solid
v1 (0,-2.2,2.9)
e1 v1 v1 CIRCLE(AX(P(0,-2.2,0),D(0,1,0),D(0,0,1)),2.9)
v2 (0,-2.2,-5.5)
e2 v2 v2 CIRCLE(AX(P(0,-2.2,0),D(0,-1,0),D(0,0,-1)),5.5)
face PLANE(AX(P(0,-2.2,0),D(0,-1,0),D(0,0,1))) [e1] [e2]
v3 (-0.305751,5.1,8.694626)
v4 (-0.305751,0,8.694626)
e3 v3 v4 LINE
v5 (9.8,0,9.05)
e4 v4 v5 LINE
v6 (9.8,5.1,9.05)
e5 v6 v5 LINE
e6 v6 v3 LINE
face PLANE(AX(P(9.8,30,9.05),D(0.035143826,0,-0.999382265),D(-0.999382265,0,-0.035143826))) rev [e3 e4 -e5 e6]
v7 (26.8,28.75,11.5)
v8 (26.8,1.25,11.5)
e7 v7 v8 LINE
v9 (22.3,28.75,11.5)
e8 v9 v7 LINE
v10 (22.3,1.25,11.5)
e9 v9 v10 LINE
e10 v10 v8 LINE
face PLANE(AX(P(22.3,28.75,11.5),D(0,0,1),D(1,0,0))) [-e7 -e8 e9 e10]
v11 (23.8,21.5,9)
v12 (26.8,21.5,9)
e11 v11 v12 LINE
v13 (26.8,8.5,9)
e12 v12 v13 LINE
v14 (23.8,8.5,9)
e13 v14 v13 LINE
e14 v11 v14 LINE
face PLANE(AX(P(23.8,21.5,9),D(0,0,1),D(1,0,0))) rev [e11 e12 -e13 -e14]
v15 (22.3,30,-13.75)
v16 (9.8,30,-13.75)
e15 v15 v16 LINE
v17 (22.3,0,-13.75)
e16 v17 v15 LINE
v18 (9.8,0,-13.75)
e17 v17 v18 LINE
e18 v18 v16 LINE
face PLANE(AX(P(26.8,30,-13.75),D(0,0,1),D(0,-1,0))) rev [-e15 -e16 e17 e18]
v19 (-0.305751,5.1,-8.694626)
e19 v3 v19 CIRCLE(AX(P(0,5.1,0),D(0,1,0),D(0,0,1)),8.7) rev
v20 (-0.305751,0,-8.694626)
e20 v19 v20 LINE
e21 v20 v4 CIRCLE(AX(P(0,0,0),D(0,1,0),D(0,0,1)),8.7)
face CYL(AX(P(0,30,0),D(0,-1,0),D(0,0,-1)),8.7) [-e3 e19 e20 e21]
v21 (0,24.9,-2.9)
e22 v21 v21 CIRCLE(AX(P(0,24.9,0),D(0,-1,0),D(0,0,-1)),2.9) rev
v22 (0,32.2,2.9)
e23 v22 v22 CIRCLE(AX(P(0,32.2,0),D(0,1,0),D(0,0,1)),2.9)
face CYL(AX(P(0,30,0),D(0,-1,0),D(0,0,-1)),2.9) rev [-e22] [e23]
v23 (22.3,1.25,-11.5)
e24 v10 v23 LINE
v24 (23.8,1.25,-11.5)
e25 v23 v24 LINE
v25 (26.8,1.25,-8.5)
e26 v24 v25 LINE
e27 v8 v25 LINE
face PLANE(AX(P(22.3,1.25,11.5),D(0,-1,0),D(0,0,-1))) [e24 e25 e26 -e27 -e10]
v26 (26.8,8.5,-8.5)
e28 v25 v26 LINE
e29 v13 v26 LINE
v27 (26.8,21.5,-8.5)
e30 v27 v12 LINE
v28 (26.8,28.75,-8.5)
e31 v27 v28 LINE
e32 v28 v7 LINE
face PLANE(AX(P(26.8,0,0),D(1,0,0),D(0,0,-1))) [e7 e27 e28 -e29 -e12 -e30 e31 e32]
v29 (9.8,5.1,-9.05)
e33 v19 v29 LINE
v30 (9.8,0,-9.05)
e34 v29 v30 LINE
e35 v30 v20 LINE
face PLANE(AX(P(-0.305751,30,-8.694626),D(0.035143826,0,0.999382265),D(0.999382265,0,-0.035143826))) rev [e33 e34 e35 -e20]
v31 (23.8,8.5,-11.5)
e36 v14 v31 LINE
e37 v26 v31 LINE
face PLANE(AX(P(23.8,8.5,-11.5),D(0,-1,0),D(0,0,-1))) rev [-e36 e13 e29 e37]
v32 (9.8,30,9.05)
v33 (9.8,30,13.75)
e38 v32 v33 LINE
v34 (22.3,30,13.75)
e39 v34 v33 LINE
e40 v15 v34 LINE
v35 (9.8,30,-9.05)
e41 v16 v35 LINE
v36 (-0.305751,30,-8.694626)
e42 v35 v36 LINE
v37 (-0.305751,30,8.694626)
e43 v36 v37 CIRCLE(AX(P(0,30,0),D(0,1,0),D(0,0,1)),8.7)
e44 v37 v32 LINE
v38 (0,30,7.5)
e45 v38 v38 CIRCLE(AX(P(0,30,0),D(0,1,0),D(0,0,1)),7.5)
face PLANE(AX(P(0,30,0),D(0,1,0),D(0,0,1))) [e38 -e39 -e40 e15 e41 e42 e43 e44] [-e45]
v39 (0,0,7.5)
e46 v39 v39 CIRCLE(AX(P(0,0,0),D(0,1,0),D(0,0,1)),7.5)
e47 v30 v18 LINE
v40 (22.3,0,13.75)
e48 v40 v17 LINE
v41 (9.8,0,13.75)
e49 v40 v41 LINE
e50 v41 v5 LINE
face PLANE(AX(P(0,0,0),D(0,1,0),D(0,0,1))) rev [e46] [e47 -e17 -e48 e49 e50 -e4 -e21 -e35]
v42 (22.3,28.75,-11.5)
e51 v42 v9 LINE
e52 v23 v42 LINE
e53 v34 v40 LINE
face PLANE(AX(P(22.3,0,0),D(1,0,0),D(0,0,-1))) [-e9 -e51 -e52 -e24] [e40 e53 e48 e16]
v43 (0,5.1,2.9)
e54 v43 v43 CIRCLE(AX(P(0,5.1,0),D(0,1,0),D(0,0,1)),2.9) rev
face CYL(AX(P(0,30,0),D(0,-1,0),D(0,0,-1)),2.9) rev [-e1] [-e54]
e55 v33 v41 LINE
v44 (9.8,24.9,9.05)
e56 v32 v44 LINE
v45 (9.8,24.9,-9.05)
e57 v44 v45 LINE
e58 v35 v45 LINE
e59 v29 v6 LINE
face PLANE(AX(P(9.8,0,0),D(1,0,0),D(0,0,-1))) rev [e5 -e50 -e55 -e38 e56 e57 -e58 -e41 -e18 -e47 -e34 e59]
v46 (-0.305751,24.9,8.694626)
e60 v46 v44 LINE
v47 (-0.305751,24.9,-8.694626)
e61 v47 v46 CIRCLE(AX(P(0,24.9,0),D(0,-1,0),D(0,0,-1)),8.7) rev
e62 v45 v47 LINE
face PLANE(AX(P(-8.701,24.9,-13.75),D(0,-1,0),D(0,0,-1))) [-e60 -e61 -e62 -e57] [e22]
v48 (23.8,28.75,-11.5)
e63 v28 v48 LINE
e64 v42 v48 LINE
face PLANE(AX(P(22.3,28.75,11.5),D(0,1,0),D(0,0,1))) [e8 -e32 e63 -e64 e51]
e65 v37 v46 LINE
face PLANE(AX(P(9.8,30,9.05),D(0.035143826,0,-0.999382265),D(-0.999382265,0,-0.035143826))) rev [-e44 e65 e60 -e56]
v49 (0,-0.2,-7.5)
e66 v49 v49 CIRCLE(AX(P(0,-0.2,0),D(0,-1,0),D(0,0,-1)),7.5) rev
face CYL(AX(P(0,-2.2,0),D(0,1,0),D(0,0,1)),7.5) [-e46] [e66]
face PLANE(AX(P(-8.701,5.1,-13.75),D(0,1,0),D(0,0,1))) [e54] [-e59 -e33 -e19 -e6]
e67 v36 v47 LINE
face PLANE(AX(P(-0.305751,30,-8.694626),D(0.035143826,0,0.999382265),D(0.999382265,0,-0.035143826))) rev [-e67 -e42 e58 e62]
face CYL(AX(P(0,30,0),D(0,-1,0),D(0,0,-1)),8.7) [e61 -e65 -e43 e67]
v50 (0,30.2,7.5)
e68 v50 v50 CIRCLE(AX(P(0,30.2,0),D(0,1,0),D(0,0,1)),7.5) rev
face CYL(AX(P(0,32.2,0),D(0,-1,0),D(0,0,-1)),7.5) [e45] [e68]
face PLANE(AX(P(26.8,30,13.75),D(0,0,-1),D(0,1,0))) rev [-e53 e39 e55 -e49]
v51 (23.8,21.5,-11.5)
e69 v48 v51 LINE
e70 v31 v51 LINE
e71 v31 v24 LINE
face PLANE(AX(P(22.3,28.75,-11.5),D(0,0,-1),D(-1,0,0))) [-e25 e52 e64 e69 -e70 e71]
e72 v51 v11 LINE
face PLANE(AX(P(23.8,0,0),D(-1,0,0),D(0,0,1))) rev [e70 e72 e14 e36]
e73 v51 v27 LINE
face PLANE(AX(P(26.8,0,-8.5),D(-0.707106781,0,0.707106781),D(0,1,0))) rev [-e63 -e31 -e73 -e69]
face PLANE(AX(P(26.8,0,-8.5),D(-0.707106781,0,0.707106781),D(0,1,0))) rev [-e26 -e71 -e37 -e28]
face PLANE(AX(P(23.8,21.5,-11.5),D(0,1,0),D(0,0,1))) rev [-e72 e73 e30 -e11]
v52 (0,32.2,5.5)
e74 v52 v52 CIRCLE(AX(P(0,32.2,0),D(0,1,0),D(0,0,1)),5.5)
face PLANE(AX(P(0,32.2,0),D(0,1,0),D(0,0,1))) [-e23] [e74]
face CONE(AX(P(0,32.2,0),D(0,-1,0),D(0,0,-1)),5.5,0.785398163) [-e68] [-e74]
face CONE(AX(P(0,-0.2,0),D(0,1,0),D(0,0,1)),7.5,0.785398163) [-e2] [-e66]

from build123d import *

# Parameters (mm, degrees)
SKETCH_1_R                 = 2.9
EXTRUDE_1_DEPTH            = 30
SKETCH_2_W                 = 27.5
SKETCH_2_H                 = 30
EXTRUDE_2_DEPTH            = 17
CUT_EXTRUDE_1_REACH        = 39.833
SKETCH_3_W                 = 27.5
SKETCH_3_H                 = 19.8
SKETCH_4_W                 = 27.5
SKETCH_4_H                 = 30
SKETCH_4_W_2               = 23
SKETCH_4_H_2               = 27.5
CUT_EXTRUDE_2_DEPTH        = 4.5
CHAMFER_1_SIZE             = 3
SKETCH_5_W                 = 20.5
SKETCH_5_H                 = 13
CUT_EXTRUDE_3_DEPTH        = 3
SKETCH_6_R                 = 7.5
SKETCH_6_R_2               = 2.9
EXTRUDE_3_DEPTH            = 2.2
CHAMFER_2_SIZE             = 2
CHAMFER_2_OF_MIRROR_1_SIZE = 2


with BuildPart() as part:
    # 草图1 → 凸台-拉伸1 (new body)
    with BuildSketch(Plane(origin=(0, 0, 0), x_dir=(1, 0, 0), z_dir=(0, 1, 0))):
        with BuildLine():
            Line((-0.305751289, 8.694625705), (9.8, 9.05))
            Line((9.8, 9.05), (9.8, -9.05))
            Line((9.8, -9.05), (-0.305751289, -8.694625705))
            ThreePointArc((-0.305751289, -8.694625705), (-8.7, 0), (-0.305751289, 8.694625705))
        make_face()
        with Locations(Location((0, 0, 0), (0, 0, 270))):
            Circle(SKETCH_1_R, mode=Mode.SUBTRACT)
    extrude(amount=EXTRUDE_1_DEPTH)

    # 草图2 → 凸台-拉伸2 (add)
    with BuildSketch(Plane(origin=(9.8, 0, 0), x_dir=(0, 0, -1), z_dir=(1, 0, 0))):
        with Locations((0, 15)):
            Rectangle(SKETCH_2_W, SKETCH_2_H)
    extrude(amount=EXTRUDE_2_DEPTH)

    # 草图3 → 切除-拉伸1 (cut, up to next)
    with BuildSketch(Plane.ZY.offset(-9.8), mode=Mode.PRIVATE) as cut_extrude_1_sk1:
        with Locations((0, 15)):
            Rectangle(SKETCH_3_W, SKETCH_3_H)
    cut_extrude_1_tool1 = extrude(cut_extrude_1_sk1.sketch, amount=CUT_EXTRUDE_1_REACH, mode=Mode.PRIVATE) & part.part
    add(cut_extrude_1_tool1.solids().sort_by_distance((9.8, 15, 0))[0], mode=Mode.SUBTRACT)

    # 草图4 → 切除-拉伸2 (cut)
    with BuildSketch(Plane(origin=(26.8, 0, 0), x_dir=(0, 0, -1), z_dir=(1, 0, 0))):
        with Locations((0, 15)):
            Rectangle(SKETCH_4_W, SKETCH_4_H)
        with Locations((0, 15)):
            Rectangle(SKETCH_4_W_2, SKETCH_4_H_2, mode=Mode.SUBTRACT)
    extrude(amount=-CUT_EXTRUDE_2_DEPTH, mode=Mode.SUBTRACT)

    # 倒角1
    chamfer_1_edges = [part.edges().sort_by_distance(p)[0] for p in [
        (26.8, 15, -11.5),
    ]]
    chamfer(chamfer_1_edges, length=CHAMFER_1_SIZE)

    # 草图5 → 切除-拉伸3 (cut)
    with BuildSketch(Plane(origin=(26.8, 0, 0), x_dir=(0, 0, -1), z_dir=(1, 0, 0))):
        with Locations((1.25, 15)):
            Rectangle(SKETCH_5_W, SKETCH_5_H)
    extrude(amount=-CUT_EXTRUDE_3_DEPTH, mode=Mode.SUBTRACT)

    # 草图6 → 凸台-拉伸3 (add)
    with BuildSketch(Plane(origin=(0, 30, 0), x_dir=(1, 0, 0), z_dir=(0, 1, 0))):
        with Locations(Location((0, 0, 0), (0, 0, 270))):
            Circle(SKETCH_6_R)
        with Locations(Location((0, 0, 0), (0, 0, 270))):
            Circle(SKETCH_6_R_2, mode=Mode.SUBTRACT)
    extrude_3 = extrude(amount=EXTRUDE_3_DEPTH)

    # 倒角2
    chamfer_2_edges = [part.edges().sort_by_distance(p)[0] for p in [
        (0, 32.2, -7.5),
    ]]
    chamfer(chamfer_2_edges, length=CHAMFER_2_SIZE)

    # 镜向1: 凸台-拉伸3 across plane
    add(extrude_3.mirror(Plane(origin=(0, 15, 0), x_dir=(0, 0, 1), z_dir=(0, -1, 0))))

    # 倒角2 of 镜向1
    chamfer_2_of_mirror_1_edges = [part.edges().sort_by_distance(p)[0] for p in [
        (0, -2.2, -7.5),
    ]]
    chamfer(chamfer_2_of_mirror_1_edges, length=CHAMFER_2_OF_MIRROR_1_SIZE)


solid = part.part
